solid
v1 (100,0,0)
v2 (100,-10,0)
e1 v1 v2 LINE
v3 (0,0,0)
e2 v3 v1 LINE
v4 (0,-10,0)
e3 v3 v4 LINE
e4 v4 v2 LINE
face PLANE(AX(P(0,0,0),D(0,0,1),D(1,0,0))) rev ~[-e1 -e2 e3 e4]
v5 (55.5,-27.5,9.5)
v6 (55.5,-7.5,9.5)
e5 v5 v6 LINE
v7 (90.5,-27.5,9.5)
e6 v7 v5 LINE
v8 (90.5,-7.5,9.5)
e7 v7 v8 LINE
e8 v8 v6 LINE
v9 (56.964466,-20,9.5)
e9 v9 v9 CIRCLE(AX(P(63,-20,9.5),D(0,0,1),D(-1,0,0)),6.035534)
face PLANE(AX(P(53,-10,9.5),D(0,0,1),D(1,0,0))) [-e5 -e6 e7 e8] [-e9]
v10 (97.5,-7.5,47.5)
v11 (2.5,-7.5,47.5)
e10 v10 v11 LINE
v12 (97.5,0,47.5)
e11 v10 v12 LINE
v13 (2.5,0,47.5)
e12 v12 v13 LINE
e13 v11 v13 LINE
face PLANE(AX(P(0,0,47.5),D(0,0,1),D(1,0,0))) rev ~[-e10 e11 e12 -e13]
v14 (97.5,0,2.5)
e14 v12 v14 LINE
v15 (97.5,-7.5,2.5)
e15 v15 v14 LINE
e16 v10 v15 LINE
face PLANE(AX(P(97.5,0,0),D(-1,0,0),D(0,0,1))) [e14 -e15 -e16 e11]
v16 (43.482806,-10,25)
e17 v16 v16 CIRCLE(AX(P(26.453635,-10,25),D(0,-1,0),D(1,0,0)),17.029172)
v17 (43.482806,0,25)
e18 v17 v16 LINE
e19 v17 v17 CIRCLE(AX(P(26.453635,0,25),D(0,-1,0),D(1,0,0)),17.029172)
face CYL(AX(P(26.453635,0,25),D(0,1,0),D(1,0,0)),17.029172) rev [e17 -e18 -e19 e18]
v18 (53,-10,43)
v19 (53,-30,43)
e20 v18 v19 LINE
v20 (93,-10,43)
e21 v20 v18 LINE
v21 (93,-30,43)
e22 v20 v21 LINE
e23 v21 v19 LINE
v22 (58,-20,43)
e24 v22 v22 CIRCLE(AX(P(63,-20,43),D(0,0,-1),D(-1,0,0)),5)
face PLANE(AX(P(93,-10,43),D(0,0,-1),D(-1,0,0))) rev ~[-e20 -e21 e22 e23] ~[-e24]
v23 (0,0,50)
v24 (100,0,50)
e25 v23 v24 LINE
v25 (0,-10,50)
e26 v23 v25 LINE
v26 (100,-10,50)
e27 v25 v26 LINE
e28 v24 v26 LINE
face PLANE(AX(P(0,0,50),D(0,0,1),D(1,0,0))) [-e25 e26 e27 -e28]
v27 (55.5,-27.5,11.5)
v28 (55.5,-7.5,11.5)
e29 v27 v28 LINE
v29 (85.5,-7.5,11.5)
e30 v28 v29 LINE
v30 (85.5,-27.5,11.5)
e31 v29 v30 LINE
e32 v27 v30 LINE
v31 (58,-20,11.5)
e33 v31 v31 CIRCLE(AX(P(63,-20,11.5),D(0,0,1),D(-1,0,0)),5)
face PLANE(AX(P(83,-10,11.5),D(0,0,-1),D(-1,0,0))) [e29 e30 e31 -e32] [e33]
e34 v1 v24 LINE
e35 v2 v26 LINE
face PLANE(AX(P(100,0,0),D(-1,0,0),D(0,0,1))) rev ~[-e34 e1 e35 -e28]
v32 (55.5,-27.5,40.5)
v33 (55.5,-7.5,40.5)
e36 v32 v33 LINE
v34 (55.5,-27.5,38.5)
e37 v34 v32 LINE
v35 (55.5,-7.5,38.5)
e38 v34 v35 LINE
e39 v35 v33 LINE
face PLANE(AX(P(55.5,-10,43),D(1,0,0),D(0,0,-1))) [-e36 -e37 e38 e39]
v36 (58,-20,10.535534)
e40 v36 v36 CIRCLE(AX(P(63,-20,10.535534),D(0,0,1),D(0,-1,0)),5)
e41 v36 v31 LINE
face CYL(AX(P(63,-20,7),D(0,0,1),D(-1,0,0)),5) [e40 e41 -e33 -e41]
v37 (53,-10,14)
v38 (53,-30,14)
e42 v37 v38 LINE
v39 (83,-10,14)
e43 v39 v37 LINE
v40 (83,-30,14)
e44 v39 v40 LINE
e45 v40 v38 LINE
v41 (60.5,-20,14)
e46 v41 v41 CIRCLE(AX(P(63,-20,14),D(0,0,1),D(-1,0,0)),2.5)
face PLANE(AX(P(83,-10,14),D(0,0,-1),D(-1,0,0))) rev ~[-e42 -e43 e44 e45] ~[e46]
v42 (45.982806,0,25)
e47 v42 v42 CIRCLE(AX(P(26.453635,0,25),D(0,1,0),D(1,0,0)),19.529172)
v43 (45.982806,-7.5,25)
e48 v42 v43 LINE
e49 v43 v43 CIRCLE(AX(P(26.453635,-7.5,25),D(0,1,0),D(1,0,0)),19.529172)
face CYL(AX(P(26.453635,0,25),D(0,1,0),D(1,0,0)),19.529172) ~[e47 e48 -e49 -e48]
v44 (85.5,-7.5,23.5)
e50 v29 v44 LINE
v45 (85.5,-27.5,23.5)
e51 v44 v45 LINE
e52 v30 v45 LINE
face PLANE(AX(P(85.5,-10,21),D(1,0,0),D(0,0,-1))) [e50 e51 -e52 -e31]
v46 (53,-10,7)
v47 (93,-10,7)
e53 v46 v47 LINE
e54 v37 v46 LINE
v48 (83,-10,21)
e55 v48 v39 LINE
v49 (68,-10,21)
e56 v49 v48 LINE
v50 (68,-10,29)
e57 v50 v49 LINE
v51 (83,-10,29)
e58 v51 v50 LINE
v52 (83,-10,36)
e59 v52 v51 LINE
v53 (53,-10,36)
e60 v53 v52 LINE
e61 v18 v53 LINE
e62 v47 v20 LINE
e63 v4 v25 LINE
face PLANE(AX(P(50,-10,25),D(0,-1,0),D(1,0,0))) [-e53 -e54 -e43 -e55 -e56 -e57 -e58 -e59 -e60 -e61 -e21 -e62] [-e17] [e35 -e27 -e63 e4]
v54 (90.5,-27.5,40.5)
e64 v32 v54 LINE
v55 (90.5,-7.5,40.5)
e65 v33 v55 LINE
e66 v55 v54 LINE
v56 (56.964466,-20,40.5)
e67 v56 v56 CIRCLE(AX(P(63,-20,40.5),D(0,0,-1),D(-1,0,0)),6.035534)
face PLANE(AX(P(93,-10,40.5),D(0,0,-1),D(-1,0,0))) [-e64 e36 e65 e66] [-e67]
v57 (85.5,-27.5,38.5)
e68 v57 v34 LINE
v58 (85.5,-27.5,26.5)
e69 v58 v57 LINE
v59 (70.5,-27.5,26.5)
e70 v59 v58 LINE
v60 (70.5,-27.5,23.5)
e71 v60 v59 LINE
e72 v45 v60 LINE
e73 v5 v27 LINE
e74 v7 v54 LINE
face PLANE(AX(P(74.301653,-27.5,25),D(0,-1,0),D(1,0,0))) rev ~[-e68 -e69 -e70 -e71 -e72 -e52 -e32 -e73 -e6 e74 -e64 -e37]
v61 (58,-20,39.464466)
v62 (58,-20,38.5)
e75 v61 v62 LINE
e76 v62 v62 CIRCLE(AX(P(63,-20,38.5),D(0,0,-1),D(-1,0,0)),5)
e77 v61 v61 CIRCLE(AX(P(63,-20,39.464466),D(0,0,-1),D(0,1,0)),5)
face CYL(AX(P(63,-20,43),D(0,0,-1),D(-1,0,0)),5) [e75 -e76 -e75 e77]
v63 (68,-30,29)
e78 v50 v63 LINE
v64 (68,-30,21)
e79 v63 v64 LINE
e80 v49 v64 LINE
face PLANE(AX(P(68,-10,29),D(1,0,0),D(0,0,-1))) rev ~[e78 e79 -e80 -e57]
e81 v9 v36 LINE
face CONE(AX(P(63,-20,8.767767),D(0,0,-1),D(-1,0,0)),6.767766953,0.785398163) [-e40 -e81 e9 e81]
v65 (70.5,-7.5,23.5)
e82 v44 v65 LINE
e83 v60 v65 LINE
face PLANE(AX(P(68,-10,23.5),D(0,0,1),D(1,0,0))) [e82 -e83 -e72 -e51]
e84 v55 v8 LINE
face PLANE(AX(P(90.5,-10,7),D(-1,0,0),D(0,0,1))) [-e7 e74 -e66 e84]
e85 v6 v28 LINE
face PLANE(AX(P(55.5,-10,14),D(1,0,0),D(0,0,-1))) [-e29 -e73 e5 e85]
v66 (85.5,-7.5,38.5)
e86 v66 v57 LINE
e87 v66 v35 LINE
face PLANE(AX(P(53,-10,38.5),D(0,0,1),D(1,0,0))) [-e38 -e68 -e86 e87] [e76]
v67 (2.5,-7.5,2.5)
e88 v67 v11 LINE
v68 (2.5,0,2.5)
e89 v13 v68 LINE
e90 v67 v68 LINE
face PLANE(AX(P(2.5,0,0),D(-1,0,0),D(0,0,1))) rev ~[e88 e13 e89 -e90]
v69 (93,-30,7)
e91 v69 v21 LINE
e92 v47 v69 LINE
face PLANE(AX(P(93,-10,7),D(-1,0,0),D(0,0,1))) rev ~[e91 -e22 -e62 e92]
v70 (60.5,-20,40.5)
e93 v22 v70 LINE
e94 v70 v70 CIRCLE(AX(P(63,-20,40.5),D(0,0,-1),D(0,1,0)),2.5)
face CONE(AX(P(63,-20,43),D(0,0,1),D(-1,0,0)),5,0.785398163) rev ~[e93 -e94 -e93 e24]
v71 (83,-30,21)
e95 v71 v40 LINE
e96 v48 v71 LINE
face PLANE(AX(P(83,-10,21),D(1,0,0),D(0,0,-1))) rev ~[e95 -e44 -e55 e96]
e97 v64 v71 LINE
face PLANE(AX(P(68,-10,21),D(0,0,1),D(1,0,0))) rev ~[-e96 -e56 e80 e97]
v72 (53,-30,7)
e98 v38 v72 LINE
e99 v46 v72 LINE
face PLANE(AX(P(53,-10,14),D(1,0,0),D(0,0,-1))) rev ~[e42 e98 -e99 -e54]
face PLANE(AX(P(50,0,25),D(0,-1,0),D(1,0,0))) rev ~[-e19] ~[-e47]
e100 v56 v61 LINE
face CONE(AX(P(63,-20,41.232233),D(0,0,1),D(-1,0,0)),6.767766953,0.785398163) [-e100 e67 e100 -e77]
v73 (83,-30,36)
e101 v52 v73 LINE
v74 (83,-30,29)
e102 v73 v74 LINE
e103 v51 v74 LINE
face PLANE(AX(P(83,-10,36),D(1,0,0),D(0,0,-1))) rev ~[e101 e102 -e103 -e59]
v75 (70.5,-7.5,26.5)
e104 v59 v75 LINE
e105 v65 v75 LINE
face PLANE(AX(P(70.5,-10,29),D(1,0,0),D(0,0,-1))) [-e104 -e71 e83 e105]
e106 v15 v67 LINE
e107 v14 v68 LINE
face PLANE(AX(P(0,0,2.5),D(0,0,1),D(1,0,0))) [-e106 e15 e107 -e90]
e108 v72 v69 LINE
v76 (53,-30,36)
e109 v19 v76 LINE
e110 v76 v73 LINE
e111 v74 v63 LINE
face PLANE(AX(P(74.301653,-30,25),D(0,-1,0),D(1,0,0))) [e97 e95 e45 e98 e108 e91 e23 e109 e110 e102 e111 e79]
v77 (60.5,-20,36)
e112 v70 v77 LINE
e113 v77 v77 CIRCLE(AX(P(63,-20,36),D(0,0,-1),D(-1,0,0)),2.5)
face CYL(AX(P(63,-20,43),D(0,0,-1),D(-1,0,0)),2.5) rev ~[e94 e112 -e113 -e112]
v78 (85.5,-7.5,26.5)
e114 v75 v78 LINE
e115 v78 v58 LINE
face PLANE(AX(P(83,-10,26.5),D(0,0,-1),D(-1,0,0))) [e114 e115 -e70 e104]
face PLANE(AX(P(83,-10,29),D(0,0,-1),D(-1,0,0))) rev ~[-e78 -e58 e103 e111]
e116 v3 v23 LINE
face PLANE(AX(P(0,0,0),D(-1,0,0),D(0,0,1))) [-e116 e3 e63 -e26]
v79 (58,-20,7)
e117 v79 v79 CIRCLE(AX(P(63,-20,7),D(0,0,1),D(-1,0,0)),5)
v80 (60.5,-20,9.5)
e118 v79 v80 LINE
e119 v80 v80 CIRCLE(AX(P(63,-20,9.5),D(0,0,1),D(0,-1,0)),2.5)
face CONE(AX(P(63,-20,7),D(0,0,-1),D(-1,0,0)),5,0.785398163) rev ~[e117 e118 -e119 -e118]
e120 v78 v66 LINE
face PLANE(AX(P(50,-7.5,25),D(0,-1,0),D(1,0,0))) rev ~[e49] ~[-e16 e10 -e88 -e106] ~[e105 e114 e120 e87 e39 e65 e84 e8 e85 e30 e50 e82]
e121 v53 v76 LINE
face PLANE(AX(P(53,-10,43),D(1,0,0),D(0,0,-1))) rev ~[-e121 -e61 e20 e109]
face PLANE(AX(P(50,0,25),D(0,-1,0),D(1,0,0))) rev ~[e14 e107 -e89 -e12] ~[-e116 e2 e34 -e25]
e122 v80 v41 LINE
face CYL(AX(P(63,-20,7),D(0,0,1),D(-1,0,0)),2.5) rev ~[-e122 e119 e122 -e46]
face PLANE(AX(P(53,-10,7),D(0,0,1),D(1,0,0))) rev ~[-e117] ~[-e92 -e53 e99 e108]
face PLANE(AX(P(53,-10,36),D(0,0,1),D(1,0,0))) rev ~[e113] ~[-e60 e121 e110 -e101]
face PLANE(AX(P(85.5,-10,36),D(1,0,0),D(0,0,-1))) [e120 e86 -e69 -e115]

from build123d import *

# Parameters (mm, degrees)
F0_W           = 100
F0_H           = 50
F0_R           = 17.029171721
F1_DEPTH       = 10
F3_DEPTH       = 20
F5_D           = 5
F5_DEPTH       = 12
F5_CSINK_D     = 10
F5_CSINK_ANGLE = 90
F5_TIP         = 1.5021515476
F7_D           = 5
F7_CSINK_D     = 10
F7_CSINK_ANGLE = 90
F8_T           = -2.5


with BuildPart() as f1:
    # F0 (on Front) → F1 (new body)
    with BuildSketch(Plane.XZ):
        with Locations((50, 25)):
            Rectangle(F0_W, F0_H)
        with Locations((26.453634724, 25)):
            Circle(F0_R, mode=Mode.SUBTRACT)
    extrude(amount=F1_DEPTH)

    # F2 (on face) → F3 (join)
    with BuildSketch(Plane.XZ.offset(10)):
        Polygon((93, 43), (53, 43), (53, 36), (83, 36), (83, 29), (68, 29), (68, 21), (83, 21), (83, 14), (53, 14), (53, 7), (93, 7), align=None)
    extrude(amount=F3_DEPTH)

    # F5
    with Locations(Plane(origin=(0, 0, 7), x_dir=(1, 0, 0), z_dir=(0, 0, -1))):
        with Locations((63, 20)):
            CounterSinkHole(F5_D / 2, F5_CSINK_D / 2, depth=F5_DEPTH, counter_sink_angle=F5_CSINK_ANGLE)
            with Locations((0, 0, -(F5_DEPTH + F5_TIP / 2))):  # 118° drill point
                Cone(0, F5_D / 2, F5_TIP, mode=Mode.SUBTRACT)

    # F7 (through all)
    with Locations(Plane.XY.offset(43)):
        with Locations((63, -20)):
            CounterSinkHole(F7_D / 2, F7_CSINK_D / 2, counter_sink_angle=F7_CSINK_ANGLE)

    # F8
    f8_openings = [f1.faces().sort_by_distance(p)[0] for p in [
        (55.246236, 0, 25),
    ]]
    offset(amount=F8_T, openings=f8_openings, kind=Kind.INTERSECTION)


solid = f1.part
